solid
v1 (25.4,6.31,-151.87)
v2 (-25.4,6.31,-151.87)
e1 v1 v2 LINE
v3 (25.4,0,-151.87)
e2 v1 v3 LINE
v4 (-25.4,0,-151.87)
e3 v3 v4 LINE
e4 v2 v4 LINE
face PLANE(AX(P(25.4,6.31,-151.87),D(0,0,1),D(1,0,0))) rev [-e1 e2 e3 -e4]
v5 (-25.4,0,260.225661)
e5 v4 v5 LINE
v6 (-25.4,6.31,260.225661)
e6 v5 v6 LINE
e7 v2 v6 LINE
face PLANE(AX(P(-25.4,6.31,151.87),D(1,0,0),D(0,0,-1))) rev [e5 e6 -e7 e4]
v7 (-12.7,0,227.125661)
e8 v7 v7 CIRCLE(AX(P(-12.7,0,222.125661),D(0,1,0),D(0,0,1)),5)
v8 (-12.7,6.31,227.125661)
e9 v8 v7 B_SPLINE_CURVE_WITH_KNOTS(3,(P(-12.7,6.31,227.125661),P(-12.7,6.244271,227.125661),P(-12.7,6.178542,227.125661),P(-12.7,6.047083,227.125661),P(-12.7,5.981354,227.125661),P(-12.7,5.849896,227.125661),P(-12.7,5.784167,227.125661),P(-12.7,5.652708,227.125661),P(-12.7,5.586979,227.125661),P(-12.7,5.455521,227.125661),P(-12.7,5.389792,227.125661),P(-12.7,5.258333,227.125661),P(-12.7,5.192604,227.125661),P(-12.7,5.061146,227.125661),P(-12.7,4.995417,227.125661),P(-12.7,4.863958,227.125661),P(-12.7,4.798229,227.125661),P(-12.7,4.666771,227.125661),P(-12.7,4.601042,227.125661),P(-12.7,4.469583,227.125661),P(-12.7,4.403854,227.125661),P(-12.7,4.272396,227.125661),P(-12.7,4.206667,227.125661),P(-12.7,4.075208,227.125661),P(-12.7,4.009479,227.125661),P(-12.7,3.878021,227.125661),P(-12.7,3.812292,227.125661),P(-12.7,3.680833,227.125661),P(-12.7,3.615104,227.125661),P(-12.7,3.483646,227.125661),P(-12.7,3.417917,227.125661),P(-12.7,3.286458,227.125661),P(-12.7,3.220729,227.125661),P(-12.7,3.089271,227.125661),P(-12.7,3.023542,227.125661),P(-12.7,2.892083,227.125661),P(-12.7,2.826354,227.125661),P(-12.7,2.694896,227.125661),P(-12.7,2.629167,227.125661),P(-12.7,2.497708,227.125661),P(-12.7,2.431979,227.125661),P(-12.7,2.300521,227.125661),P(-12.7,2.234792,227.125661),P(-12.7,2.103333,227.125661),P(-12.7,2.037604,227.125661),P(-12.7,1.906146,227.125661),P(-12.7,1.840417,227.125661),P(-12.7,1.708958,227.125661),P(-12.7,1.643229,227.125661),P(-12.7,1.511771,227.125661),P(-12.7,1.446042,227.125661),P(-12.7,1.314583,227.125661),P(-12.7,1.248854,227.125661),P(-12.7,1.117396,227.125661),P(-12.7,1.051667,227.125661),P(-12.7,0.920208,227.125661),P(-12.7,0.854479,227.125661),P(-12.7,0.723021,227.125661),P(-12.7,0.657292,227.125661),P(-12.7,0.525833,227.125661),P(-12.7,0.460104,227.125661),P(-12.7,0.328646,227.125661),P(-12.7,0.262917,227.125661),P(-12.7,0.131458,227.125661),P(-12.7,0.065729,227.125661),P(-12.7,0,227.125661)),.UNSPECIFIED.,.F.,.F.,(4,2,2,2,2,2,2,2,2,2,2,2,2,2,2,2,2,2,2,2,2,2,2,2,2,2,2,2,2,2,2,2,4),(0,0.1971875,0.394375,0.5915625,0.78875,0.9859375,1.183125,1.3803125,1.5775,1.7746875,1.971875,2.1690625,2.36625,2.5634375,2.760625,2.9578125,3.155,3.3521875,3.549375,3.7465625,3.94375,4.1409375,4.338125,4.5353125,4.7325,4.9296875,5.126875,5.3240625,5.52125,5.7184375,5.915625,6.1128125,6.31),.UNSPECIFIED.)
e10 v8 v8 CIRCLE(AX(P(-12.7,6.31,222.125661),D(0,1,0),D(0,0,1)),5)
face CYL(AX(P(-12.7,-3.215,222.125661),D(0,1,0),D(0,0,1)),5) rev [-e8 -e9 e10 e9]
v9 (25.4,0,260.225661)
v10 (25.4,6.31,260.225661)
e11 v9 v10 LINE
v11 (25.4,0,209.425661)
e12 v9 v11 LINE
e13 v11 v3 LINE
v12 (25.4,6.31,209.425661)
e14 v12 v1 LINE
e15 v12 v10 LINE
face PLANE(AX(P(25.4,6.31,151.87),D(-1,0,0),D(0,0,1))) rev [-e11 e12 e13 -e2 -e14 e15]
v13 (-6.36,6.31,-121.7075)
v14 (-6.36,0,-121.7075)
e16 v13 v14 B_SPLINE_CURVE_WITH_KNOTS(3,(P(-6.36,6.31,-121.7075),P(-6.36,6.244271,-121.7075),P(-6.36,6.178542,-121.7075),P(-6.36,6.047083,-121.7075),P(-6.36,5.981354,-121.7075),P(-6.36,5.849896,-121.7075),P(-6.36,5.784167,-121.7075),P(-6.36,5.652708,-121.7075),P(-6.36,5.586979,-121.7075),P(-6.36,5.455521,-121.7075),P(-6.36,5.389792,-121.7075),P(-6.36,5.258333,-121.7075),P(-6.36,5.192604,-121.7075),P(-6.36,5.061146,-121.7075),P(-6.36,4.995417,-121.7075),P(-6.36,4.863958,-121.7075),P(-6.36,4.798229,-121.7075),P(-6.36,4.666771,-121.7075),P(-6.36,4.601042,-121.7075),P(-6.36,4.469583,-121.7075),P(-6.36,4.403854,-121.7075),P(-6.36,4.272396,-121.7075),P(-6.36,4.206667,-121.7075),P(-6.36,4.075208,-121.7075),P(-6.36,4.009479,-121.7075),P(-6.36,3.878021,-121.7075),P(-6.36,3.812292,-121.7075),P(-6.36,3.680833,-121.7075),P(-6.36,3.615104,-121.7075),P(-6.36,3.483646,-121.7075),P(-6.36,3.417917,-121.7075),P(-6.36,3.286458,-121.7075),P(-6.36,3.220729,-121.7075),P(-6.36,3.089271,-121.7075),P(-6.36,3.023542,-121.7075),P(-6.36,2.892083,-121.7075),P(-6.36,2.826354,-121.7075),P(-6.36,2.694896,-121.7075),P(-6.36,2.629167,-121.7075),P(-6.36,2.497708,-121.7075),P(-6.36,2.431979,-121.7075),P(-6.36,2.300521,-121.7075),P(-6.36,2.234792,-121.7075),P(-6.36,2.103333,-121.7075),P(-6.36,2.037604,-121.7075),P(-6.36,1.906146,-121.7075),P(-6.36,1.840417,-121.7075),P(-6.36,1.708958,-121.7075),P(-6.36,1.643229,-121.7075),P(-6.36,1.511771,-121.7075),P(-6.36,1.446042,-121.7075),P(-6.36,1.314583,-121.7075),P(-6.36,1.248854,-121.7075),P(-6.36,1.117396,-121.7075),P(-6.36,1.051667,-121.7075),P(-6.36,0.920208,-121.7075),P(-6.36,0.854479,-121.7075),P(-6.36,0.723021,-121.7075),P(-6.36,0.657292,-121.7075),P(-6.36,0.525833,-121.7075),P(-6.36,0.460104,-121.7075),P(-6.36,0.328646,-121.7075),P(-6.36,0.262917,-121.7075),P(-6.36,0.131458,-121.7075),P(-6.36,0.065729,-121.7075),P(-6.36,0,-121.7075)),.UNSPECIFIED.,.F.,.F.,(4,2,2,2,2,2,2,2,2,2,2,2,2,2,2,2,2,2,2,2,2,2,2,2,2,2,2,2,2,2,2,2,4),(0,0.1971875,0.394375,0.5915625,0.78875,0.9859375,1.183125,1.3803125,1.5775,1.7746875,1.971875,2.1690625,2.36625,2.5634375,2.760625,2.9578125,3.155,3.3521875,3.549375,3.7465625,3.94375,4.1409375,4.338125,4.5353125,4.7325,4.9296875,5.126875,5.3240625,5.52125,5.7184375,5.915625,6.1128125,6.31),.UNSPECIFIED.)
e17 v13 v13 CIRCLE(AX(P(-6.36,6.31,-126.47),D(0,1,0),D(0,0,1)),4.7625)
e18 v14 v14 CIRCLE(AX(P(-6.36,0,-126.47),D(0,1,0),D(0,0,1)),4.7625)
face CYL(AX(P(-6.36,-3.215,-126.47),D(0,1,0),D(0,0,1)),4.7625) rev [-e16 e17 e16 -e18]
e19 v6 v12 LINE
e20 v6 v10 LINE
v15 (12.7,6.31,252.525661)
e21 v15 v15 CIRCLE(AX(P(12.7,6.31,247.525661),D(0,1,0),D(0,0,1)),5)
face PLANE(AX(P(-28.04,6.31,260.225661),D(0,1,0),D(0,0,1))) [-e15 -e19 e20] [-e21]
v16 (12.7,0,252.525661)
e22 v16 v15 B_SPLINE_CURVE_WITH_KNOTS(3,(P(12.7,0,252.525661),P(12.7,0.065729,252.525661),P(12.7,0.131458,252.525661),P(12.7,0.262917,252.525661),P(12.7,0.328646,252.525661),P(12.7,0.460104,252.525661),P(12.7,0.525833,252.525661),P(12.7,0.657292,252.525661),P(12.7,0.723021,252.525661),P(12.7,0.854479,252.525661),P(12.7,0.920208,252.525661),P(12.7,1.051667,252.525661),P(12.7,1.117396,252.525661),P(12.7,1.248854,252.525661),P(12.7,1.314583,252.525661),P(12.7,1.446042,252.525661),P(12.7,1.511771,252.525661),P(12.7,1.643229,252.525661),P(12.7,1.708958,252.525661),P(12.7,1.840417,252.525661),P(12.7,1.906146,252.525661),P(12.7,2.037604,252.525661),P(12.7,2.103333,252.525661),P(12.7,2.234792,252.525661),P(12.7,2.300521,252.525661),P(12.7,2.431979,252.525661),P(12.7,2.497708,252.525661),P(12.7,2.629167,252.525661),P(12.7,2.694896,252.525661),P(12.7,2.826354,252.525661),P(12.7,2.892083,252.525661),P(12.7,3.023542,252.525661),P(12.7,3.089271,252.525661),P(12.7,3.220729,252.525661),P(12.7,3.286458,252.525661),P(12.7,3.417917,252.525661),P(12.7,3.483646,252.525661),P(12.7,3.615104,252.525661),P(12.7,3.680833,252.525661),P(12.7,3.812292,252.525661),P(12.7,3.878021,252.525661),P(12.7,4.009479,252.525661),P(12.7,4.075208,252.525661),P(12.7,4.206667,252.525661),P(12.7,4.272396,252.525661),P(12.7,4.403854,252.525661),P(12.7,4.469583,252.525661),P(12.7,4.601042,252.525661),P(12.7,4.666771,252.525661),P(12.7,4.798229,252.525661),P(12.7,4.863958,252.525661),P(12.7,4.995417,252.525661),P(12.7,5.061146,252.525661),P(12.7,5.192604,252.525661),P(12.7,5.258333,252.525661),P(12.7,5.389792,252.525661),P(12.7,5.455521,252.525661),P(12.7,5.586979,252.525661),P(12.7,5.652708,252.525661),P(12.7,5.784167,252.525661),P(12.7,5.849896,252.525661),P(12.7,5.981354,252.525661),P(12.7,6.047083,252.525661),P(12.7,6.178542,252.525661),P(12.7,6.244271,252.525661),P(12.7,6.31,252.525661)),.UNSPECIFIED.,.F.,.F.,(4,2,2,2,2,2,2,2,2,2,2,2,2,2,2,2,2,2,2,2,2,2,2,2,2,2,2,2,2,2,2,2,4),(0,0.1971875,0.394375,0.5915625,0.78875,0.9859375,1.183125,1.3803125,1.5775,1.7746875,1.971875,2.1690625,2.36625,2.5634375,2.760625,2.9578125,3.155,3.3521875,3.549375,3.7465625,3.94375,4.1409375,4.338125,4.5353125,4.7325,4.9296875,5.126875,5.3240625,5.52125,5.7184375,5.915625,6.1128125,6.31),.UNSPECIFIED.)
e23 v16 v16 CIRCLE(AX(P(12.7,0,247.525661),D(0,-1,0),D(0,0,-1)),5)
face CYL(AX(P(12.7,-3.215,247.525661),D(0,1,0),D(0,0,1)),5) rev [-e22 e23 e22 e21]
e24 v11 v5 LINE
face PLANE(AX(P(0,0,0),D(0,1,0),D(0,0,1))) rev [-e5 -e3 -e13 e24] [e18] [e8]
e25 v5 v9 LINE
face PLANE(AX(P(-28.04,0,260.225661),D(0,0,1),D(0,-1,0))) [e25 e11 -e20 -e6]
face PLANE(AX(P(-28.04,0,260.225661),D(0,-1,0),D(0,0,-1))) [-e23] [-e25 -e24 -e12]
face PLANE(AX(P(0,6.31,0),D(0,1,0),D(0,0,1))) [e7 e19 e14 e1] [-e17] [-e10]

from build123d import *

# Parameters (mm, degrees)
CROQUIS1_W              = 50.8
CROQUIS1_H              = 303.74
SALIENTE_EXTRUIR1_DEPTH = 6.31
CROQUIS3_W              = 50.8
CROQUIS3_H              = 6.31
CROQUIS4_W              = 6.31
CROQUIS4_H              = 50.8
SALIENTE_EXTRUIR2_DEPTH = 60
CROQUIS6_W              = 6.31
CROQUIS6_H              = 50.8
SALIENTE_EXTRUIR3_DEPTH = 50
CROQUIS8_R              = 6.35
CORTAR_EXTRUIR2_DEPTH   = 10
CROQUIS9_W              = 6.31
CROQUIS9_H              = 50.8
SALIENTE_EXTRUIR4_DEPTH = 50.8
CROQUIS11_W             = 50.8
CROQUIS11_H             = 50
CORTAR_EXTRUIR3_DEPTH   = 10
CORTAR_EXTRUIR4_DEPTH   = 97.8
CROQUIS13_R             = 4.7625
CORTAR_EXTRUIR5_DEPTH   = 9.525
CROQUIS14_R             = 5
CORTAR_EXTRUIR6_DEPTH   = 9.525


with BuildPart() as part:
    # Croquis1 → Saliente-Extruir1 (new body)
    with BuildSketch(Plane(origin=(0, 0, 0), x_dir=(1, 0, 0), z_dir=(0, 1, 0))):
        Rectangle(CROQUIS1_W, CROQUIS1_H)
    extrude(amount=SALIENTE_EXTRUIR1_DEPTH)

    # Barrer1: sweep along a curve in space
    with BuildLine() as barrer1_path:
        Line((0, 3.155, 151.87), (0, 3.155, 234.825660606))
        Line((0, 3.155, 234.825660606), (306, 3.155, 234.825660606))
    # Croquis3 → Barrer1 (sweep)
    with BuildSketch(Plane.XY.offset(151.87)):
        with Locations((0, 3.155)):
            Rectangle(CROQUIS3_W, CROQUIS3_H)
    sweep(path=barrer1_path.line, transition=Transition.RIGHT)

    # Croquis4 → Saliente-Extruir2 (add)
    with BuildSketch(Plane.XZ):
        with Locations((302.845, 234.825660606)):
            Rectangle(CROQUIS4_W, CROQUIS4_H)
    extrude(amount=SALIENTE_EXTRUIR2_DEPTH)

    # Croquis6 → Saliente-Extruir3 (add)
    with BuildSketch(Plane(origin=(0, 6.31, 0), x_dir=(1, 0, 0), z_dir=(0, 1, 0))):
        with Locations((22.245, 126.47)):
            Rectangle(CROQUIS6_W, CROQUIS6_H)
    extrude(amount=SALIENTE_EXTRUIR3_DEPTH)

    # Croquis8 → Cortar-Extruir2 (cut)
    with BuildSketch(Plane.ZY.offset(-19.09)):
        with Locations((-111.12, 29)):
            Circle(CROQUIS8_R)
        with Locations((-143.12, 29)):
            Circle(CROQUIS8_R)
    extrude(amount=-CORTAR_EXTRUIR2_DEPTH, mode=Mode.SUBTRACT)

    # Croquis9 → Saliente-Extruir4 (add)
    with BuildSketch(Plane(origin=(306, 0, 0), x_dir=(0, 0, -1), z_dir=(1, 0, 0))):
        with Locations((-257.070660606, -34.6)):
            Rectangle(CROQUIS9_W, CROQUIS9_H)
    extrude(amount=SALIENTE_EXTRUIR4_DEPTH)

    # Croquis11 → Cortar-Extruir3 (cut)
    with BuildSketch(Plane.ZY.offset(-19.09)):
        with Locations((-126.47, 31.31)):
            Rectangle(CROQUIS11_W, CROQUIS11_H)
    extrude(amount=-CORTAR_EXTRUIR3_DEPTH, mode=Mode.SUBTRACT)

    # Croquis12 → Cortar-Extruir4 (cut)
    with BuildSketch(Plane(origin=(0, 6.31, 0), x_dir=(1, 0, 0), z_dir=(0, 1, 0))):
        Polygon((25.4, -209.425660606), (25.4, -260.225660606), (306, -260.225660606), (366.929604584, -260.225660606), (366.929604584, -209.425660606), align=None)
    extrude(amount=-CORTAR_EXTRUIR4_DEPTH, mode=Mode.SUBTRACT)

    # Croquis13 → Cortar-Extruir5 (cut)
    with BuildSketch(Plane(origin=(0, 6.31, 0), x_dir=(1, 0, 0), z_dir=(0, 1, 0))):
        with Locations(Location((-6.36, 126.47, 0), (0, 0, 270))):
            Circle(CROQUIS13_R)
    extrude(amount=-CORTAR_EXTRUIR5_DEPTH, mode=Mode.SUBTRACT)

    # Croquis14 → Cortar-Extruir6 (cut)
    with BuildSketch(Plane(origin=(0, 6.31, 0), x_dir=(1, 0, 0), z_dir=(0, 1, 0))):
        with Locations(Location((12.7, -247.525660606, 0), (0, 0, 270))):
            Circle(CROQUIS14_R)
        with Locations(Location((-12.7, -222.125660606, 0), (0, 0, 270))):
            Circle(CROQUIS14_R)
    extrude(amount=-CORTAR_EXTRUIR6_DEPTH, mode=Mode.SUBTRACT)


solid = part.part
